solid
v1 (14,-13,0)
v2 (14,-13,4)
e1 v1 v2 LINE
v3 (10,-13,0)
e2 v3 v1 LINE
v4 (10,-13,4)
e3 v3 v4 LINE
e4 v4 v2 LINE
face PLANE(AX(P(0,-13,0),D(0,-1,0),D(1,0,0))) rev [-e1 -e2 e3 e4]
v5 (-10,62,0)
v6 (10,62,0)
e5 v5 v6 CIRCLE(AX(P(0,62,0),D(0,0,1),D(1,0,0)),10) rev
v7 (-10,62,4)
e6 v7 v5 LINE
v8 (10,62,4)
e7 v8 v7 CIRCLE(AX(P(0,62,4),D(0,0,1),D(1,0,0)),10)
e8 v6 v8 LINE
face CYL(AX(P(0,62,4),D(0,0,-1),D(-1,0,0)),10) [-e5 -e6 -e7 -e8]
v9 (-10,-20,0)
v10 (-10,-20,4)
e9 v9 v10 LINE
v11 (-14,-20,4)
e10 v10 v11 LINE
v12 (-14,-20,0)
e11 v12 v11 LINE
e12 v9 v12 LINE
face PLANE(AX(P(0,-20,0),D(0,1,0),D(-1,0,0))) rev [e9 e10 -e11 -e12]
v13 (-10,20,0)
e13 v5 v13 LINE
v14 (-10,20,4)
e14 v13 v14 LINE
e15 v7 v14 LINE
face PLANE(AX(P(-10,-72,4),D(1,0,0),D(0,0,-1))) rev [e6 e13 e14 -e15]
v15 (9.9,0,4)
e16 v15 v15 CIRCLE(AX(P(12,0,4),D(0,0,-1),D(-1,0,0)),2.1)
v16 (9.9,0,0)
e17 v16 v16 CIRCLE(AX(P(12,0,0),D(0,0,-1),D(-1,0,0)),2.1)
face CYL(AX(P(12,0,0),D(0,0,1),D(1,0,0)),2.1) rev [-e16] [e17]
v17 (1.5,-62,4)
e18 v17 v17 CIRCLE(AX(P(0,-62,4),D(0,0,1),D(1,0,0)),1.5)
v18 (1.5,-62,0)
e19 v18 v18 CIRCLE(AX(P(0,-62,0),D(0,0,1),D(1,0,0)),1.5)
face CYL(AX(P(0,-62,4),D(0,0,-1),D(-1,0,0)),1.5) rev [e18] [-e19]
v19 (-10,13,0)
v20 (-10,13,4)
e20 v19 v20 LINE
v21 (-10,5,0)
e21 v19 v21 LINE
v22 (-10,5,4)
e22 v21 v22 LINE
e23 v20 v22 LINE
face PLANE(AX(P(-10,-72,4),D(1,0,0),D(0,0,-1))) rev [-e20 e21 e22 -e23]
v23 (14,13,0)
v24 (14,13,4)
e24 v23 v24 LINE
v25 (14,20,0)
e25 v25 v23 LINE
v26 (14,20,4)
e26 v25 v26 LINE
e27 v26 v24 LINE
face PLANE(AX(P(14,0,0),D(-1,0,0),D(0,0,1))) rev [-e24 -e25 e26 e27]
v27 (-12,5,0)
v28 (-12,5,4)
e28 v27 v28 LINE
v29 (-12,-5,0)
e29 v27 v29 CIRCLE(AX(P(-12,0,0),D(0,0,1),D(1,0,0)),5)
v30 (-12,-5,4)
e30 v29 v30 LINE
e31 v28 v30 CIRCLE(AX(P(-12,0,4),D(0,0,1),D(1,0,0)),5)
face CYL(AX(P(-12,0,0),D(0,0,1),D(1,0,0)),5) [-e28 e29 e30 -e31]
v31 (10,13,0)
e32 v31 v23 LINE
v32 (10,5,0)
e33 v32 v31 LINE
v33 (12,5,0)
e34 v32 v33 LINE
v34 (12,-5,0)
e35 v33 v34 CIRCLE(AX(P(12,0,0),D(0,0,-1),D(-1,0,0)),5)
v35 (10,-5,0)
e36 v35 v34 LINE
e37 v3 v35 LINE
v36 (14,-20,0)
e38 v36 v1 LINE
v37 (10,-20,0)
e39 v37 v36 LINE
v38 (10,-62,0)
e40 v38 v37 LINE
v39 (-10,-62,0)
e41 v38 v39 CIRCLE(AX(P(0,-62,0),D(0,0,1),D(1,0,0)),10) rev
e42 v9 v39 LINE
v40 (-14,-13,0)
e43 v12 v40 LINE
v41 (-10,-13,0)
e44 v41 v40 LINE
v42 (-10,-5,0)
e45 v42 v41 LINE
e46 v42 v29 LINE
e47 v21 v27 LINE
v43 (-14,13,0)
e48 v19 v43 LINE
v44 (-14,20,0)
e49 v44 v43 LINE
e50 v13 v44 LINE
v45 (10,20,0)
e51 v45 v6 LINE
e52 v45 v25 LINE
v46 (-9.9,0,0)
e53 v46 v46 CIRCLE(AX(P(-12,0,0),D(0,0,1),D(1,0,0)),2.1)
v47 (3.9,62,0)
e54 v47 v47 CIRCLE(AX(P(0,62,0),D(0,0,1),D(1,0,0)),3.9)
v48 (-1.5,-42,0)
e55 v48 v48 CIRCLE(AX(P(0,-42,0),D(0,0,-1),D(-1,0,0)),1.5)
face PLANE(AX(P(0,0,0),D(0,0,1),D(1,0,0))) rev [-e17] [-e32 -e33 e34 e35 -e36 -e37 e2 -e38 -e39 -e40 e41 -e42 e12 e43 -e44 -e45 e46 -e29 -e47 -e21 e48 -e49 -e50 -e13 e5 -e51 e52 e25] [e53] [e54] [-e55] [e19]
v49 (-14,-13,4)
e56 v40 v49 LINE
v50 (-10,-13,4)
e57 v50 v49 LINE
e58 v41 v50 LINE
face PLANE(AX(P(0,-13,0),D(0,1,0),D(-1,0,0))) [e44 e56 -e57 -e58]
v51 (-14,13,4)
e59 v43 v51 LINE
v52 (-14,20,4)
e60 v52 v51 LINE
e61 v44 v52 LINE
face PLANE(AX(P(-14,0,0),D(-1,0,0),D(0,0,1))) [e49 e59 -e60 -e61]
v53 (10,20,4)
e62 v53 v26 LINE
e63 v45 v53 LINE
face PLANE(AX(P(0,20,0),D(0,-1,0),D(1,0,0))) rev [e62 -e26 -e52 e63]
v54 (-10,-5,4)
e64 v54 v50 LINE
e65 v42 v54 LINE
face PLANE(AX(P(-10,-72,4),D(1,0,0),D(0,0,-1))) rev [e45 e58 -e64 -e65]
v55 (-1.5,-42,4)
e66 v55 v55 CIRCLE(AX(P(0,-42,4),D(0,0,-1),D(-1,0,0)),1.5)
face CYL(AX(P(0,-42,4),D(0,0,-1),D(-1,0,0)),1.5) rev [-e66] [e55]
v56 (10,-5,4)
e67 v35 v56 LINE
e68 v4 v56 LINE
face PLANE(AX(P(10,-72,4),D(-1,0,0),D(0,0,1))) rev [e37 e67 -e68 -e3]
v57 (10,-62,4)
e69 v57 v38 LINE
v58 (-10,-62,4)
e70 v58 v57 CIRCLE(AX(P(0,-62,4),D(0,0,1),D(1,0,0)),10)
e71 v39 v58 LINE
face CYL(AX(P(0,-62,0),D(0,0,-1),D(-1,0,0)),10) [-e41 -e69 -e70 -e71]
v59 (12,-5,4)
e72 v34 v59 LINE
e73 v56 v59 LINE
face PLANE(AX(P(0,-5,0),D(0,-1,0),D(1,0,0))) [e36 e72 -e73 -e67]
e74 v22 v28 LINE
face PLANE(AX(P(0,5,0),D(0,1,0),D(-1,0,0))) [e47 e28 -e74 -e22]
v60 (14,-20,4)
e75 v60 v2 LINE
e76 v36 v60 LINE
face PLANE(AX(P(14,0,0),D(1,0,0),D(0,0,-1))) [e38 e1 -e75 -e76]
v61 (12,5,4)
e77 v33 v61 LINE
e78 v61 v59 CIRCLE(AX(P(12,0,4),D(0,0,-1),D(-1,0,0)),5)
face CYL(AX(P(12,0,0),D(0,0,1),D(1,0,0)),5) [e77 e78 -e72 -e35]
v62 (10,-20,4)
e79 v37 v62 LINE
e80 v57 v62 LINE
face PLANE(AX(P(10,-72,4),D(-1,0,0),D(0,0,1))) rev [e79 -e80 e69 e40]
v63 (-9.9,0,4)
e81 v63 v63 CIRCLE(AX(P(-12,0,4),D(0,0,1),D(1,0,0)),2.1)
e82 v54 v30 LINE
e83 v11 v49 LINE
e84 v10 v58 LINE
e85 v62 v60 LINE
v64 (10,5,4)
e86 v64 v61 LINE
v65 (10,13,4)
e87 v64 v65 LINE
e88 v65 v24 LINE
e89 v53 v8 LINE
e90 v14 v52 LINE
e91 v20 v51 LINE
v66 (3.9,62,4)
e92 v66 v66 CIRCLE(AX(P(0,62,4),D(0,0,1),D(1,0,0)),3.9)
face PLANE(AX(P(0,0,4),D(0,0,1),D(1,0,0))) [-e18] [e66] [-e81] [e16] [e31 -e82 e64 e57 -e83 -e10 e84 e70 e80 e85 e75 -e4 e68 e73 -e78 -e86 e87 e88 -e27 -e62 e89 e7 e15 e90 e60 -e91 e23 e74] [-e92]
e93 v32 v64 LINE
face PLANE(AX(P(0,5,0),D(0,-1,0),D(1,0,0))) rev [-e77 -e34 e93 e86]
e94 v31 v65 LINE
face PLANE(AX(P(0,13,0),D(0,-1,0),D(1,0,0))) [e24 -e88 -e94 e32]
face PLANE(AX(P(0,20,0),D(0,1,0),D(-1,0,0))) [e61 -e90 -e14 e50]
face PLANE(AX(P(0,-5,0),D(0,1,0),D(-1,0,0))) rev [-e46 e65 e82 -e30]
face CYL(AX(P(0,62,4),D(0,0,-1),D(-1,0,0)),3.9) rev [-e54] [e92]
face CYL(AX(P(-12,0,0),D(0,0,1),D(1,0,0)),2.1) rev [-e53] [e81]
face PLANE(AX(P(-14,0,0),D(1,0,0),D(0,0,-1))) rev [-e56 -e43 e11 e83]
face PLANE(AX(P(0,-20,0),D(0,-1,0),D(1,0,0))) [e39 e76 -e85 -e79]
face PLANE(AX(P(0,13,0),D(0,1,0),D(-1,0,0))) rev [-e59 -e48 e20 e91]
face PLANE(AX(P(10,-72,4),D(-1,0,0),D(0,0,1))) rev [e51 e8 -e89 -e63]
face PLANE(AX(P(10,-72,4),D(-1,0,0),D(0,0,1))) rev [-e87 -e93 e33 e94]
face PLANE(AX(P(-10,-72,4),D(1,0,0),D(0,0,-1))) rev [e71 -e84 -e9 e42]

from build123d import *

# Parameters (mm, degrees)
ESQUISSE1_W             = 20
ESQUISSE1_H             = 144
ESQUISSE1_R             = 1.5
ESQUISSE1_R_2           = 3.9
BOSS_EXTRU_1_DEPTH      = 4
CONG_1_RADIUS           = 10
CONG_1_LENGTH           = 4
ESQUISSE2_W             = 4
ESQUISSE2_H             = 7
BOSS_EXTRU_2_DEPTH      = 4
ESQUISSE3_R             = 1.5
ENL_V_MAT_EXTRU_1_DEPTH = 75.087785768
CONG_2_RADIUS           = 10
CONG_2_LENGTH           = 4
ESQUISSE4_R             = 2.1
ENL_V_MAT_EXTRU_2_DEPTH = 75.087785768


with BuildPart() as part:
    # Esquisse1 → Boss.-Extru.1 (new body)
    with BuildSketch(Plane.XY):
        Rectangle(ESQUISSE1_W, ESQUISSE1_H)
        with Locations((0, -62)):
            Circle(ESQUISSE1_R, mode=Mode.SUBTRACT)
        with Locations((0, 62)):
            Circle(ESQUISSE1_R_2, mode=Mode.SUBTRACT)
    extrude(amount=BOSS_EXTRU_1_DEPTH)

    # Congé1: full round fillet: the end face becomes a half cylinder, R = half its width
    cong_1_face = Plane((0, 72, 2), x_dir=(0, 0, 1), z_dir=(0, 1, 0))  # on the end face: x along it, z out of the body
    cong_1_slab = cong_1_face.offset(-CONG_1_RADIUS / 2) * Box(CONG_1_LENGTH, 2 * CONG_1_RADIUS, CONG_1_RADIUS, mode=Mode.PRIVATE)  # the body's end, R deep
    cong_1_round = Plane((0, 62, 2), x_dir=(0, 1, 0), z_dir=(0, 0, 1)) * Cylinder(CONG_1_RADIUS, CONG_1_LENGTH, mode=Mode.PRIVATE)  # its axis R under the face
    add(cong_1_slab - cong_1_round, mode=Mode.SUBTRACT)

    # Esquisse2 → Boss.-Extru.2 (add)
    with BuildSketch(Plane.XY.offset(4)):
        with BuildLine():
            Line((-10, 0.640312424), (-10, 5))
            Line((-10, 5), (-12, 5))
            ThreePointArc((-12, 5), (-17, 0), (-12, -5))
            Line((-12, -5), (-10, -5))
            Line((-10, -5), (-10, -0.640312424))
            ThreePointArc((-10, -0.640312424), (-14.1, 0), (-10, 0.640312424))
        make_face()
        with Locations((-12, 16.5)):
            Rectangle(ESQUISSE2_W, ESQUISSE2_H)
        with Locations((-12, -16.5)):
            Rectangle(ESQUISSE2_W, ESQUISSE2_H)
    boss_extru_2 = extrude(amount=-BOSS_EXTRU_2_DEPTH)

    # Esquisse3 → Enlèv. mat.-Extru.1 (cut, through all)
    with BuildSketch(Plane(origin=(0, 0, 0), x_dir=(-1, 0, 0), z_dir=(0, 0, -1))):
        with Locations((0, -42)):
            Circle(ESQUISSE3_R)
    extrude(amount=-ENL_V_MAT_EXTRU_1_DEPTH, mode=Mode.SUBTRACT)

    # Congé2: full round fillet: the end face becomes a half cylinder, R = half its width
    cong_2_face = Plane((0, -72, 2), x_dir=(0, 0, 1), z_dir=(0, -1, 0))  # on the end face: x along it, z out of the body
    cong_2_slab = cong_2_face.offset(-CONG_2_RADIUS / 2) * Box(CONG_2_LENGTH, 2 * CONG_2_RADIUS, CONG_2_RADIUS, mode=Mode.PRIVATE)  # the body's end, R deep
    cong_2_round = Plane((0, -62, 2), x_dir=(0, -1, 0), z_dir=(0, 0, 1)) * Cylinder(CONG_2_RADIUS, CONG_2_LENGTH, mode=Mode.PRIVATE)  # its axis R under the face
    add(cong_2_slab - cong_2_round, mode=Mode.SUBTRACT)

    # Esquisse4 → Enlèv. mat.-Extru.2 (cut, through all)
    with BuildSketch(Plane.XY.offset(4)):
        with Locations((-12, 0)):
            Circle(ESQUISSE4_R)
    enl_v_mat_extru_2 = extrude(amount=-ENL_V_MAT_EXTRU_2_DEPTH, mode=Mode.SUBTRACT)

    # Symétrie1: Boss.-Extru.2, Enlèv. mat.-Extru.2 across plane
    add(boss_extru_2.mirror(Plane(origin=(0, 0, 0), x_dir=(0, 0, 1), z_dir=(1, 0, 0))))
    add(enl_v_mat_extru_2.mirror(Plane(origin=(0, 0, 0), x_dir=(0, 0, 1), z_dir=(1, 0, 0))), mode=Mode.SUBTRACT)


solid = part.part
